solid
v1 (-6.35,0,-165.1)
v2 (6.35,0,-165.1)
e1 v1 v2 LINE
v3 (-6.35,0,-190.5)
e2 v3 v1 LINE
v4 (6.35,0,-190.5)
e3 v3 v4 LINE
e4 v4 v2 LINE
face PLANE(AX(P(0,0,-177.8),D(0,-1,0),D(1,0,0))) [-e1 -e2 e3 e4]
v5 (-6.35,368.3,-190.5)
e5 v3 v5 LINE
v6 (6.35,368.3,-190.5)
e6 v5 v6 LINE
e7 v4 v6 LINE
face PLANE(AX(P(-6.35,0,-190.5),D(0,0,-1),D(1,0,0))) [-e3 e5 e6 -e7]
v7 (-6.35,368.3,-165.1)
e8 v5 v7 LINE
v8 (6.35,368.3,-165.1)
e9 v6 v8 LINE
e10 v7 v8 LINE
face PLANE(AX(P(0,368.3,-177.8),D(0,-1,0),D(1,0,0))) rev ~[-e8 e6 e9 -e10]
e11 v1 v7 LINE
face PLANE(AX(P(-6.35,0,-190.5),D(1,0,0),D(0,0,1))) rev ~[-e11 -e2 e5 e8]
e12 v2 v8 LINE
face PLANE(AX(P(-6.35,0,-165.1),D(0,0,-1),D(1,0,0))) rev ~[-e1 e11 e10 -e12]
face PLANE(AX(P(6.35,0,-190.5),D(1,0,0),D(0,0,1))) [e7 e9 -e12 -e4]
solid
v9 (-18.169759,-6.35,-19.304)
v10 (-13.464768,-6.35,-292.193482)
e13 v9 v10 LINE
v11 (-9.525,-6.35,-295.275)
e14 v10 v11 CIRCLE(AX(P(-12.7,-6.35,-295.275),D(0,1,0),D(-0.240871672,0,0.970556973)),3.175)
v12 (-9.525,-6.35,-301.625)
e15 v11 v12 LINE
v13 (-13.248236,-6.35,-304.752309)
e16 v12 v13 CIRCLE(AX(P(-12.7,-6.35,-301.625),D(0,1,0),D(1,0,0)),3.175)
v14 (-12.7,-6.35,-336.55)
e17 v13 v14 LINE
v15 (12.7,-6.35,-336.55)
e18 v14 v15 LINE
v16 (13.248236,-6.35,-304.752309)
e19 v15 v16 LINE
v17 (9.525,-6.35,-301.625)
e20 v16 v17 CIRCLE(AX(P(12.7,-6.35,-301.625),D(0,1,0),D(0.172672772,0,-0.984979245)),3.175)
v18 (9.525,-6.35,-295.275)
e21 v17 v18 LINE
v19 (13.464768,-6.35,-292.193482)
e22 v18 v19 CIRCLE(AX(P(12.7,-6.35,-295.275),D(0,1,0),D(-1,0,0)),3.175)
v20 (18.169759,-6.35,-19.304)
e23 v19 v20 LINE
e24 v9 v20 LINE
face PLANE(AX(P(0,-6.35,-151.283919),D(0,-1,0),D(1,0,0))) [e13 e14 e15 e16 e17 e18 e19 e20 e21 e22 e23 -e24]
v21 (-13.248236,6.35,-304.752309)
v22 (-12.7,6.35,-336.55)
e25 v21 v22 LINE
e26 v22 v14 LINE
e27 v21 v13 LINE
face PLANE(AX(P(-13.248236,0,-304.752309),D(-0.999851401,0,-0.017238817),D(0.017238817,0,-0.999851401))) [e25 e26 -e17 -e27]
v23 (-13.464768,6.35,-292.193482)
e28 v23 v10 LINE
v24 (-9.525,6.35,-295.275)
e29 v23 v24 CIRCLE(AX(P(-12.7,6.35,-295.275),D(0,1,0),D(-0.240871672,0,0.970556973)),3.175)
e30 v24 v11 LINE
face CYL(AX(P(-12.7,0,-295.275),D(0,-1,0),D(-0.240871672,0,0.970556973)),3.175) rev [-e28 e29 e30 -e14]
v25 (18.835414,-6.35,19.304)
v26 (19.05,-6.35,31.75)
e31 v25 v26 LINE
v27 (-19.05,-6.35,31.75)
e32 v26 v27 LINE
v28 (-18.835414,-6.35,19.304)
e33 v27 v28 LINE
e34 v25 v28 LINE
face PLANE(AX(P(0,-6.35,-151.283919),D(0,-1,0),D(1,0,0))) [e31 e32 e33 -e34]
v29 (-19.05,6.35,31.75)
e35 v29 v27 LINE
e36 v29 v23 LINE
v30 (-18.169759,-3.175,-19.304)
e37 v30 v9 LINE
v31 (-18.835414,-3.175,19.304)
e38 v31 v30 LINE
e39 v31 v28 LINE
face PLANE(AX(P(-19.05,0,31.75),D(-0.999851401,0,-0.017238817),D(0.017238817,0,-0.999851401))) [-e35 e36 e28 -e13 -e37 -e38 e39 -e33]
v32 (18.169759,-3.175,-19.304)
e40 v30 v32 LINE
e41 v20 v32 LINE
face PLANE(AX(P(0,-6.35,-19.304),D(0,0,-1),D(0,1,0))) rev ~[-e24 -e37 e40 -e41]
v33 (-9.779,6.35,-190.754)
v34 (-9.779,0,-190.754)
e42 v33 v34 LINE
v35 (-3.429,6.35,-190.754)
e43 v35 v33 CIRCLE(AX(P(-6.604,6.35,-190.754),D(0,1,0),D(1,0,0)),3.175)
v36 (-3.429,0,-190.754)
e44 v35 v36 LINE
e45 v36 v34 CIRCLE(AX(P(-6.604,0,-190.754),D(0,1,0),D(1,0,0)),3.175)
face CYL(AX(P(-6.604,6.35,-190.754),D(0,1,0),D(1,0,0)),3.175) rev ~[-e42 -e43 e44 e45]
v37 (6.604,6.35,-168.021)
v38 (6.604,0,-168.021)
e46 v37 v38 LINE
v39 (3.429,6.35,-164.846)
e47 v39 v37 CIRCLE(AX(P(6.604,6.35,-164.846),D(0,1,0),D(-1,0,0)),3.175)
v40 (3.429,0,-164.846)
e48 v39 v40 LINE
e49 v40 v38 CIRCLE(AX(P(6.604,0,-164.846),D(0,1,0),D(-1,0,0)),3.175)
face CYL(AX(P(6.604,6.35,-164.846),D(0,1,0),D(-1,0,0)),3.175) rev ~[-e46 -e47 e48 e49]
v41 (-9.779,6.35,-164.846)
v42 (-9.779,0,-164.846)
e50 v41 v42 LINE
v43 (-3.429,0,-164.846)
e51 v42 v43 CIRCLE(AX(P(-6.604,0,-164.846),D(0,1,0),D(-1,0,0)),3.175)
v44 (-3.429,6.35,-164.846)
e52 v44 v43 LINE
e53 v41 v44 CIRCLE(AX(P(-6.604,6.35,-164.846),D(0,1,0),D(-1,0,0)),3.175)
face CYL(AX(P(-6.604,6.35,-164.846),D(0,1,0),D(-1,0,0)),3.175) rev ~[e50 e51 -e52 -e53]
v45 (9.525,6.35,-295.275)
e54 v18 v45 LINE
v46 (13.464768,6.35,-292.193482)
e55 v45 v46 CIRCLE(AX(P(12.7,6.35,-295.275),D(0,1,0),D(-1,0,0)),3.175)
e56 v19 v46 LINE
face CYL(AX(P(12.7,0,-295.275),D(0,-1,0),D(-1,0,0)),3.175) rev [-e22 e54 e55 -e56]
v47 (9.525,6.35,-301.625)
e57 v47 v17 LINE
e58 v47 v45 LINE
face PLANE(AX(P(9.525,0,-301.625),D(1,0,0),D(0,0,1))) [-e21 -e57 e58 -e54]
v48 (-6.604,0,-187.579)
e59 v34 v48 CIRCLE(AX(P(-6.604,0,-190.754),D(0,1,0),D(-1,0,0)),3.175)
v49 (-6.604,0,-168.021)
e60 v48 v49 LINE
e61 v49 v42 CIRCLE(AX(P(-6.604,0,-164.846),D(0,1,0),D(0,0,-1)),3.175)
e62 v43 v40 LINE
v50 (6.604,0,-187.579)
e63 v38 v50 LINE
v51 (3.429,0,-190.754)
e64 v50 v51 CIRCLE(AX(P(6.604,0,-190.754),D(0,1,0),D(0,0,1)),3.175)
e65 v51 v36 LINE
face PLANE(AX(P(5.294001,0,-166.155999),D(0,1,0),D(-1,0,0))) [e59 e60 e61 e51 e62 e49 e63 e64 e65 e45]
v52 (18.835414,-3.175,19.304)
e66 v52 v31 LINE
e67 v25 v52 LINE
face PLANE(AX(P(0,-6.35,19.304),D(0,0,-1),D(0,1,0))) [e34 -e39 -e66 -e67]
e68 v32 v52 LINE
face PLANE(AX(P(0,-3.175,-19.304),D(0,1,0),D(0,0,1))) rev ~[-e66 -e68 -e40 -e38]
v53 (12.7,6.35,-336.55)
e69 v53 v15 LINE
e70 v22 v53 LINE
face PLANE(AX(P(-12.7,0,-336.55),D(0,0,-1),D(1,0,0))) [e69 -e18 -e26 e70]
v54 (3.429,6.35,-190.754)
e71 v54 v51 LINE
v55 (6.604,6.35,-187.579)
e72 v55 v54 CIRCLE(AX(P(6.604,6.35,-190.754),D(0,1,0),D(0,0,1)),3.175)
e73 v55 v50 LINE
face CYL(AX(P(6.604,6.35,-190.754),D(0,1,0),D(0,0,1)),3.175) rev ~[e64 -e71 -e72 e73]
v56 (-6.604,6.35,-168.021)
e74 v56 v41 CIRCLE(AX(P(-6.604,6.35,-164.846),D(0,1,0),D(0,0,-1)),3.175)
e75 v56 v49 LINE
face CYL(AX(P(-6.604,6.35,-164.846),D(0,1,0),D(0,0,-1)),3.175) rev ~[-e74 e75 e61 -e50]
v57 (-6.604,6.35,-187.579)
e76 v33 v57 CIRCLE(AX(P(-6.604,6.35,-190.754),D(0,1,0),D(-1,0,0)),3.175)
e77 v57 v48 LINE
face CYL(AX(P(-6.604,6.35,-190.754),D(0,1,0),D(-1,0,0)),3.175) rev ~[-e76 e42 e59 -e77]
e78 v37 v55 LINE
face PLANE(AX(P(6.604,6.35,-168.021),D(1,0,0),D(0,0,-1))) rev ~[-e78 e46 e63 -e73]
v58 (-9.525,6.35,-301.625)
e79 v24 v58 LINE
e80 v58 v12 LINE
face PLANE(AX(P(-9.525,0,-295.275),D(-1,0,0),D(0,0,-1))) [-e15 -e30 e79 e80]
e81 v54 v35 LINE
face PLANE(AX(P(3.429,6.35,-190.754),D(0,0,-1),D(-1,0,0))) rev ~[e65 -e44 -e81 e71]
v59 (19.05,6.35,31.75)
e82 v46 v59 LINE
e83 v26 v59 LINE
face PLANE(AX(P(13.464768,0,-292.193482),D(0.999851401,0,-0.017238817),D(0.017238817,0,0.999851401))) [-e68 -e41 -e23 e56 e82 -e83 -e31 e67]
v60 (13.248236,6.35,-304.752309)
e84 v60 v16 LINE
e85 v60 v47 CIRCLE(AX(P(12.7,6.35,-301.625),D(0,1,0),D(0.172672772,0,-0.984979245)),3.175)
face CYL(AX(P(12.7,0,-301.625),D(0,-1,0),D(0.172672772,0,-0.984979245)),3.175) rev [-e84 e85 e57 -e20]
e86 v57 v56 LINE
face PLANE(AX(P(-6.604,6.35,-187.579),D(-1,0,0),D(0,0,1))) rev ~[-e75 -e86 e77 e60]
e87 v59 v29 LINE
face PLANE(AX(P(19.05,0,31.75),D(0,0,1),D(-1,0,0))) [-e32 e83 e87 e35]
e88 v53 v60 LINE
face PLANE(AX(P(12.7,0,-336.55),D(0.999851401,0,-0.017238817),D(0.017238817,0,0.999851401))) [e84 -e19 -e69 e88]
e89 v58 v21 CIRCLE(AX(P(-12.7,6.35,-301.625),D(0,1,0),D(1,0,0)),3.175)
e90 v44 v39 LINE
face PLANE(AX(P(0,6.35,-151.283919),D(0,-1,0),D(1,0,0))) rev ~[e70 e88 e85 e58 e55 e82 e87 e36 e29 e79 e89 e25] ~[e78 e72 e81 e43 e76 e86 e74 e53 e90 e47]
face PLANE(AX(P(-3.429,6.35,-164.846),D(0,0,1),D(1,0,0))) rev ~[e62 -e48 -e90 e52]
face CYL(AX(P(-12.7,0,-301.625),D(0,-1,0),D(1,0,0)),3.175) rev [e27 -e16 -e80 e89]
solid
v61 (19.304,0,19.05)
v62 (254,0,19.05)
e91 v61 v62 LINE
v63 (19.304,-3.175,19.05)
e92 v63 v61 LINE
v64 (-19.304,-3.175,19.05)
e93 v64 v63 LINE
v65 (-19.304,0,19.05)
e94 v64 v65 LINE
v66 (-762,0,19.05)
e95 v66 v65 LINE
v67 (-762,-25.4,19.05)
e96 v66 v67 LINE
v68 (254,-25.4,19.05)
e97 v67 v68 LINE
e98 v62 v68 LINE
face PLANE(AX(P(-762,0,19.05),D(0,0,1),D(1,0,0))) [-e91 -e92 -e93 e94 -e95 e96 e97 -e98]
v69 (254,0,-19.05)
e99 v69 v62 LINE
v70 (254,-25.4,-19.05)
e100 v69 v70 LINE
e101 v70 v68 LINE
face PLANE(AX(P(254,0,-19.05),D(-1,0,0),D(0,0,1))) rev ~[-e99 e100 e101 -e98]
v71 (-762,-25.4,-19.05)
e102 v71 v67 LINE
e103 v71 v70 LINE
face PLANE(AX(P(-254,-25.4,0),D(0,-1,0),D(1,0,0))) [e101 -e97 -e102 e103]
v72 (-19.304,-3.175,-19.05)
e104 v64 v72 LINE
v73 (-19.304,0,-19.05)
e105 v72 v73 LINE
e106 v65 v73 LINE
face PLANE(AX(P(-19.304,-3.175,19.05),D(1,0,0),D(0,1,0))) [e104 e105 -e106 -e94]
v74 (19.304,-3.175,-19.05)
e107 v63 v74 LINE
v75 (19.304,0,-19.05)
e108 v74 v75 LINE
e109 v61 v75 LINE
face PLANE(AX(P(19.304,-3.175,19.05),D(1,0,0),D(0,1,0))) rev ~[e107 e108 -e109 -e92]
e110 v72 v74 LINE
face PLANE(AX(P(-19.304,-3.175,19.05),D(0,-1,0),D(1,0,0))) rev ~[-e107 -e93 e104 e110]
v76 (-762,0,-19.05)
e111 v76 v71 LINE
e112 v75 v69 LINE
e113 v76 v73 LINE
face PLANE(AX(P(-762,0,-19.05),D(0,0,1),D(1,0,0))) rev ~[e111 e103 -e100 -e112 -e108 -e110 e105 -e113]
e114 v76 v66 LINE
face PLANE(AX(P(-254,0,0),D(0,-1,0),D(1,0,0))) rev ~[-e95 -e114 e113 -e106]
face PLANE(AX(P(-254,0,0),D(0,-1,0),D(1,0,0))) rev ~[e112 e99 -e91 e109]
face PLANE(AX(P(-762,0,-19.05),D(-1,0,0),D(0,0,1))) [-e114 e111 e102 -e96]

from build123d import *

# Parameters (mm, degrees)
F1_DEPTH  = 6.35
F2_W      = 1016
F2_H      = 38.1
F3_DEPTH  = 25.4
F4_W      = 38.608
F4_H      = 3.175
F5_DEPTH  = 38.1
F6_W      = 3.175
F6_H      = 38.608
F7_DEPTH  = 19.05
F8_W      = 12.7
F8_H      = 25.4
F9_DEPTH  = 368.3
F11_DEPTH = 6.35


with BuildPart() as f1:
    # F0 (on Front) → F1 (new body, symmetric)
    with BuildSketch(Plane.XZ):
        with BuildLine():
            Line((19.05, 31.75), (-19.05, 31.75))
            Line((-19.05, 31.75), (-13.4647675584, -292.193481611))
            ThreePointArc((-13.4647675584, -292.193481611), (-10.7439212692, -292.7741239537), (-9.525, -295.275))
            Line((-9.525, -295.275), (-9.525, -301.625))
            ThreePointArc((-9.525, -301.625), (-10.6579452087, -304.0561802132), (-13.2482360499, -304.7523091043))
            Line((-13.2482360499, -304.7523091043), (-12.7, -336.55))
            Line((-12.7, -336.55), (12.7, -336.55))
            Line((12.7, -336.55), (13.2482360499, -304.7523091043))
            ThreePointArc((13.2482360499, -304.7523091043), (10.6579452087, -304.0561802132), (9.525, -301.625))
            Line((9.525, -301.625), (9.525, -295.275))
            ThreePointArc((9.525, -295.275), (10.7439212692, -292.7741239537), (13.4647675584, -292.193481611))
            Line((13.4647675584, -292.193481611), (19.05, 31.75))
        make_face()
    extrude(amount=F1_DEPTH, both=True)

    # F6 (on Right) → F7 (cut, symmetric)
    with BuildSketch(Plane.YZ):
        with Locations((-4.7625, 0)):
            Rectangle(F6_W, F6_H)
    extrude(amount=F7_DEPTH, both=True, mode=Mode.SUBTRACT)

    # F10 (on face) → F11 (cut)
    with BuildSketch(Plane(origin=(0, 6.35, 0), x_dir=(-1, 0, 0), z_dir=(0, 1, 0))):
        with BuildLine():
            ThreePointArc((-6.604, -168.021), (-4.3589359697, -167.0910640303), (-3.429, -164.846))
            Line((-3.429, -164.846), (-6.604, -164.846))
            Line((-6.604, -164.846), (-6.604, -168.021))
        make_face()
        with BuildLine():
            Line((-6.604, -164.846), (-3.429, -164.846))
            ThreePointArc((-3.429, -164.846), (-8.8490640303, -162.6009359697), (-6.604, -168.021))
            Line((-6.604, -168.021), (-6.604, -164.846))
        make_face()
        with BuildLine():
            Line((3.429, -164.846), (-3.429, -164.846))
            ThreePointArc((-3.429, -164.846), (-4.3589359697, -167.0910640303), (-6.604, -168.021))
            Line((-6.604, -168.021), (-6.604, -187.579))
            ThreePointArc((-6.604, -187.579), (-4.3589359697, -188.5089359697), (-3.429, -190.754))
            Line((-3.429, -190.754), (3.429, -190.754))
            ThreePointArc((3.429, -190.754), (4.3589359697, -188.5089359697), (6.604, -187.579))
            Line((6.604, -187.579), (6.604, -168.021))
            ThreePointArc((6.604, -168.021), (4.3589359697, -167.0910640303), (3.429, -164.846))
        make_face()
        with BuildLine():
            ThreePointArc((9.779, -164.846), (6.604, -161.671), (3.429, -164.846))
            Line((3.429, -164.846), (6.604, -164.846))
            Line((6.604, -164.846), (6.604, -168.021))
            ThreePointArc((6.604, -168.021), (8.8490640303, -167.0910640303), (9.779, -164.846))
        make_face()
        with BuildLine():
            Line((6.604, -164.846), (3.429, -164.846))
            ThreePointArc((3.429, -164.846), (4.3589359697, -167.0910640303), (6.604, -168.021))
            Line((6.604, -168.021), (6.604, -164.846))
        make_face()
        with BuildLine():
            ThreePointArc((-3.429, -190.754), (-4.3589359697, -188.5089359697), (-6.604, -187.579))
            Line((-6.604, -187.579), (-6.604, -190.754))
            Line((-6.604, -190.754), (-3.429, -190.754))
        make_face()
        with BuildLine():
            Line((-6.604, -190.754), (-6.604, -187.579))
            ThreePointArc((-6.604, -187.579), (-8.8490640303, -192.9990640303), (-3.429, -190.754))
            Line((-3.429, -190.754), (-6.604, -190.754))
        make_face()
        with BuildLine():
            ThreePointArc((9.779, -190.754), (8.8490640303, -188.5089359697), (6.604, -187.579))
            Line((6.604, -187.579), (6.604, -190.754))
            Line((6.604, -190.754), (3.429, -190.754))
            ThreePointArc((3.429, -190.754), (6.604, -193.929), (9.779, -190.754))
        make_face()
        with BuildLine():
            Line((6.604, -190.754), (6.604, -187.579))
            ThreePointArc((6.604, -187.579), (4.3589359697, -188.5089359697), (3.429, -190.754))
            Line((3.429, -190.754), (6.604, -190.754))
        make_face()
    extrude(amount=-F11_DEPTH, mode=Mode.SUBTRACT)


with BuildPart() as f3:
    # F2 (on Front) → F3 (new body)
    with BuildSketch(Plane.XZ):
        with Locations((-254, 0)):
            Rectangle(F2_W, F2_H)
    extrude(amount=F3_DEPTH)

    # F4 (on face) → F5 (cut, through all)
    with BuildSketch(Plane.XY.offset(19.05)):
        with Locations((0, -1.5875)):
            Rectangle(F4_W, F4_H)
    extrude(amount=-F5_DEPTH, mode=Mode.SUBTRACT)


with BuildPart() as f9:
    # F8 (on Front) → F9 (new body)
    with BuildSketch(Plane.XZ):
        with Locations((0, -177.8)):
            Rectangle(F8_W, F8_H)
    extrude(amount=-F9_DEPTH)


solid = Compound([f1.part, f3.part, f9.part])
